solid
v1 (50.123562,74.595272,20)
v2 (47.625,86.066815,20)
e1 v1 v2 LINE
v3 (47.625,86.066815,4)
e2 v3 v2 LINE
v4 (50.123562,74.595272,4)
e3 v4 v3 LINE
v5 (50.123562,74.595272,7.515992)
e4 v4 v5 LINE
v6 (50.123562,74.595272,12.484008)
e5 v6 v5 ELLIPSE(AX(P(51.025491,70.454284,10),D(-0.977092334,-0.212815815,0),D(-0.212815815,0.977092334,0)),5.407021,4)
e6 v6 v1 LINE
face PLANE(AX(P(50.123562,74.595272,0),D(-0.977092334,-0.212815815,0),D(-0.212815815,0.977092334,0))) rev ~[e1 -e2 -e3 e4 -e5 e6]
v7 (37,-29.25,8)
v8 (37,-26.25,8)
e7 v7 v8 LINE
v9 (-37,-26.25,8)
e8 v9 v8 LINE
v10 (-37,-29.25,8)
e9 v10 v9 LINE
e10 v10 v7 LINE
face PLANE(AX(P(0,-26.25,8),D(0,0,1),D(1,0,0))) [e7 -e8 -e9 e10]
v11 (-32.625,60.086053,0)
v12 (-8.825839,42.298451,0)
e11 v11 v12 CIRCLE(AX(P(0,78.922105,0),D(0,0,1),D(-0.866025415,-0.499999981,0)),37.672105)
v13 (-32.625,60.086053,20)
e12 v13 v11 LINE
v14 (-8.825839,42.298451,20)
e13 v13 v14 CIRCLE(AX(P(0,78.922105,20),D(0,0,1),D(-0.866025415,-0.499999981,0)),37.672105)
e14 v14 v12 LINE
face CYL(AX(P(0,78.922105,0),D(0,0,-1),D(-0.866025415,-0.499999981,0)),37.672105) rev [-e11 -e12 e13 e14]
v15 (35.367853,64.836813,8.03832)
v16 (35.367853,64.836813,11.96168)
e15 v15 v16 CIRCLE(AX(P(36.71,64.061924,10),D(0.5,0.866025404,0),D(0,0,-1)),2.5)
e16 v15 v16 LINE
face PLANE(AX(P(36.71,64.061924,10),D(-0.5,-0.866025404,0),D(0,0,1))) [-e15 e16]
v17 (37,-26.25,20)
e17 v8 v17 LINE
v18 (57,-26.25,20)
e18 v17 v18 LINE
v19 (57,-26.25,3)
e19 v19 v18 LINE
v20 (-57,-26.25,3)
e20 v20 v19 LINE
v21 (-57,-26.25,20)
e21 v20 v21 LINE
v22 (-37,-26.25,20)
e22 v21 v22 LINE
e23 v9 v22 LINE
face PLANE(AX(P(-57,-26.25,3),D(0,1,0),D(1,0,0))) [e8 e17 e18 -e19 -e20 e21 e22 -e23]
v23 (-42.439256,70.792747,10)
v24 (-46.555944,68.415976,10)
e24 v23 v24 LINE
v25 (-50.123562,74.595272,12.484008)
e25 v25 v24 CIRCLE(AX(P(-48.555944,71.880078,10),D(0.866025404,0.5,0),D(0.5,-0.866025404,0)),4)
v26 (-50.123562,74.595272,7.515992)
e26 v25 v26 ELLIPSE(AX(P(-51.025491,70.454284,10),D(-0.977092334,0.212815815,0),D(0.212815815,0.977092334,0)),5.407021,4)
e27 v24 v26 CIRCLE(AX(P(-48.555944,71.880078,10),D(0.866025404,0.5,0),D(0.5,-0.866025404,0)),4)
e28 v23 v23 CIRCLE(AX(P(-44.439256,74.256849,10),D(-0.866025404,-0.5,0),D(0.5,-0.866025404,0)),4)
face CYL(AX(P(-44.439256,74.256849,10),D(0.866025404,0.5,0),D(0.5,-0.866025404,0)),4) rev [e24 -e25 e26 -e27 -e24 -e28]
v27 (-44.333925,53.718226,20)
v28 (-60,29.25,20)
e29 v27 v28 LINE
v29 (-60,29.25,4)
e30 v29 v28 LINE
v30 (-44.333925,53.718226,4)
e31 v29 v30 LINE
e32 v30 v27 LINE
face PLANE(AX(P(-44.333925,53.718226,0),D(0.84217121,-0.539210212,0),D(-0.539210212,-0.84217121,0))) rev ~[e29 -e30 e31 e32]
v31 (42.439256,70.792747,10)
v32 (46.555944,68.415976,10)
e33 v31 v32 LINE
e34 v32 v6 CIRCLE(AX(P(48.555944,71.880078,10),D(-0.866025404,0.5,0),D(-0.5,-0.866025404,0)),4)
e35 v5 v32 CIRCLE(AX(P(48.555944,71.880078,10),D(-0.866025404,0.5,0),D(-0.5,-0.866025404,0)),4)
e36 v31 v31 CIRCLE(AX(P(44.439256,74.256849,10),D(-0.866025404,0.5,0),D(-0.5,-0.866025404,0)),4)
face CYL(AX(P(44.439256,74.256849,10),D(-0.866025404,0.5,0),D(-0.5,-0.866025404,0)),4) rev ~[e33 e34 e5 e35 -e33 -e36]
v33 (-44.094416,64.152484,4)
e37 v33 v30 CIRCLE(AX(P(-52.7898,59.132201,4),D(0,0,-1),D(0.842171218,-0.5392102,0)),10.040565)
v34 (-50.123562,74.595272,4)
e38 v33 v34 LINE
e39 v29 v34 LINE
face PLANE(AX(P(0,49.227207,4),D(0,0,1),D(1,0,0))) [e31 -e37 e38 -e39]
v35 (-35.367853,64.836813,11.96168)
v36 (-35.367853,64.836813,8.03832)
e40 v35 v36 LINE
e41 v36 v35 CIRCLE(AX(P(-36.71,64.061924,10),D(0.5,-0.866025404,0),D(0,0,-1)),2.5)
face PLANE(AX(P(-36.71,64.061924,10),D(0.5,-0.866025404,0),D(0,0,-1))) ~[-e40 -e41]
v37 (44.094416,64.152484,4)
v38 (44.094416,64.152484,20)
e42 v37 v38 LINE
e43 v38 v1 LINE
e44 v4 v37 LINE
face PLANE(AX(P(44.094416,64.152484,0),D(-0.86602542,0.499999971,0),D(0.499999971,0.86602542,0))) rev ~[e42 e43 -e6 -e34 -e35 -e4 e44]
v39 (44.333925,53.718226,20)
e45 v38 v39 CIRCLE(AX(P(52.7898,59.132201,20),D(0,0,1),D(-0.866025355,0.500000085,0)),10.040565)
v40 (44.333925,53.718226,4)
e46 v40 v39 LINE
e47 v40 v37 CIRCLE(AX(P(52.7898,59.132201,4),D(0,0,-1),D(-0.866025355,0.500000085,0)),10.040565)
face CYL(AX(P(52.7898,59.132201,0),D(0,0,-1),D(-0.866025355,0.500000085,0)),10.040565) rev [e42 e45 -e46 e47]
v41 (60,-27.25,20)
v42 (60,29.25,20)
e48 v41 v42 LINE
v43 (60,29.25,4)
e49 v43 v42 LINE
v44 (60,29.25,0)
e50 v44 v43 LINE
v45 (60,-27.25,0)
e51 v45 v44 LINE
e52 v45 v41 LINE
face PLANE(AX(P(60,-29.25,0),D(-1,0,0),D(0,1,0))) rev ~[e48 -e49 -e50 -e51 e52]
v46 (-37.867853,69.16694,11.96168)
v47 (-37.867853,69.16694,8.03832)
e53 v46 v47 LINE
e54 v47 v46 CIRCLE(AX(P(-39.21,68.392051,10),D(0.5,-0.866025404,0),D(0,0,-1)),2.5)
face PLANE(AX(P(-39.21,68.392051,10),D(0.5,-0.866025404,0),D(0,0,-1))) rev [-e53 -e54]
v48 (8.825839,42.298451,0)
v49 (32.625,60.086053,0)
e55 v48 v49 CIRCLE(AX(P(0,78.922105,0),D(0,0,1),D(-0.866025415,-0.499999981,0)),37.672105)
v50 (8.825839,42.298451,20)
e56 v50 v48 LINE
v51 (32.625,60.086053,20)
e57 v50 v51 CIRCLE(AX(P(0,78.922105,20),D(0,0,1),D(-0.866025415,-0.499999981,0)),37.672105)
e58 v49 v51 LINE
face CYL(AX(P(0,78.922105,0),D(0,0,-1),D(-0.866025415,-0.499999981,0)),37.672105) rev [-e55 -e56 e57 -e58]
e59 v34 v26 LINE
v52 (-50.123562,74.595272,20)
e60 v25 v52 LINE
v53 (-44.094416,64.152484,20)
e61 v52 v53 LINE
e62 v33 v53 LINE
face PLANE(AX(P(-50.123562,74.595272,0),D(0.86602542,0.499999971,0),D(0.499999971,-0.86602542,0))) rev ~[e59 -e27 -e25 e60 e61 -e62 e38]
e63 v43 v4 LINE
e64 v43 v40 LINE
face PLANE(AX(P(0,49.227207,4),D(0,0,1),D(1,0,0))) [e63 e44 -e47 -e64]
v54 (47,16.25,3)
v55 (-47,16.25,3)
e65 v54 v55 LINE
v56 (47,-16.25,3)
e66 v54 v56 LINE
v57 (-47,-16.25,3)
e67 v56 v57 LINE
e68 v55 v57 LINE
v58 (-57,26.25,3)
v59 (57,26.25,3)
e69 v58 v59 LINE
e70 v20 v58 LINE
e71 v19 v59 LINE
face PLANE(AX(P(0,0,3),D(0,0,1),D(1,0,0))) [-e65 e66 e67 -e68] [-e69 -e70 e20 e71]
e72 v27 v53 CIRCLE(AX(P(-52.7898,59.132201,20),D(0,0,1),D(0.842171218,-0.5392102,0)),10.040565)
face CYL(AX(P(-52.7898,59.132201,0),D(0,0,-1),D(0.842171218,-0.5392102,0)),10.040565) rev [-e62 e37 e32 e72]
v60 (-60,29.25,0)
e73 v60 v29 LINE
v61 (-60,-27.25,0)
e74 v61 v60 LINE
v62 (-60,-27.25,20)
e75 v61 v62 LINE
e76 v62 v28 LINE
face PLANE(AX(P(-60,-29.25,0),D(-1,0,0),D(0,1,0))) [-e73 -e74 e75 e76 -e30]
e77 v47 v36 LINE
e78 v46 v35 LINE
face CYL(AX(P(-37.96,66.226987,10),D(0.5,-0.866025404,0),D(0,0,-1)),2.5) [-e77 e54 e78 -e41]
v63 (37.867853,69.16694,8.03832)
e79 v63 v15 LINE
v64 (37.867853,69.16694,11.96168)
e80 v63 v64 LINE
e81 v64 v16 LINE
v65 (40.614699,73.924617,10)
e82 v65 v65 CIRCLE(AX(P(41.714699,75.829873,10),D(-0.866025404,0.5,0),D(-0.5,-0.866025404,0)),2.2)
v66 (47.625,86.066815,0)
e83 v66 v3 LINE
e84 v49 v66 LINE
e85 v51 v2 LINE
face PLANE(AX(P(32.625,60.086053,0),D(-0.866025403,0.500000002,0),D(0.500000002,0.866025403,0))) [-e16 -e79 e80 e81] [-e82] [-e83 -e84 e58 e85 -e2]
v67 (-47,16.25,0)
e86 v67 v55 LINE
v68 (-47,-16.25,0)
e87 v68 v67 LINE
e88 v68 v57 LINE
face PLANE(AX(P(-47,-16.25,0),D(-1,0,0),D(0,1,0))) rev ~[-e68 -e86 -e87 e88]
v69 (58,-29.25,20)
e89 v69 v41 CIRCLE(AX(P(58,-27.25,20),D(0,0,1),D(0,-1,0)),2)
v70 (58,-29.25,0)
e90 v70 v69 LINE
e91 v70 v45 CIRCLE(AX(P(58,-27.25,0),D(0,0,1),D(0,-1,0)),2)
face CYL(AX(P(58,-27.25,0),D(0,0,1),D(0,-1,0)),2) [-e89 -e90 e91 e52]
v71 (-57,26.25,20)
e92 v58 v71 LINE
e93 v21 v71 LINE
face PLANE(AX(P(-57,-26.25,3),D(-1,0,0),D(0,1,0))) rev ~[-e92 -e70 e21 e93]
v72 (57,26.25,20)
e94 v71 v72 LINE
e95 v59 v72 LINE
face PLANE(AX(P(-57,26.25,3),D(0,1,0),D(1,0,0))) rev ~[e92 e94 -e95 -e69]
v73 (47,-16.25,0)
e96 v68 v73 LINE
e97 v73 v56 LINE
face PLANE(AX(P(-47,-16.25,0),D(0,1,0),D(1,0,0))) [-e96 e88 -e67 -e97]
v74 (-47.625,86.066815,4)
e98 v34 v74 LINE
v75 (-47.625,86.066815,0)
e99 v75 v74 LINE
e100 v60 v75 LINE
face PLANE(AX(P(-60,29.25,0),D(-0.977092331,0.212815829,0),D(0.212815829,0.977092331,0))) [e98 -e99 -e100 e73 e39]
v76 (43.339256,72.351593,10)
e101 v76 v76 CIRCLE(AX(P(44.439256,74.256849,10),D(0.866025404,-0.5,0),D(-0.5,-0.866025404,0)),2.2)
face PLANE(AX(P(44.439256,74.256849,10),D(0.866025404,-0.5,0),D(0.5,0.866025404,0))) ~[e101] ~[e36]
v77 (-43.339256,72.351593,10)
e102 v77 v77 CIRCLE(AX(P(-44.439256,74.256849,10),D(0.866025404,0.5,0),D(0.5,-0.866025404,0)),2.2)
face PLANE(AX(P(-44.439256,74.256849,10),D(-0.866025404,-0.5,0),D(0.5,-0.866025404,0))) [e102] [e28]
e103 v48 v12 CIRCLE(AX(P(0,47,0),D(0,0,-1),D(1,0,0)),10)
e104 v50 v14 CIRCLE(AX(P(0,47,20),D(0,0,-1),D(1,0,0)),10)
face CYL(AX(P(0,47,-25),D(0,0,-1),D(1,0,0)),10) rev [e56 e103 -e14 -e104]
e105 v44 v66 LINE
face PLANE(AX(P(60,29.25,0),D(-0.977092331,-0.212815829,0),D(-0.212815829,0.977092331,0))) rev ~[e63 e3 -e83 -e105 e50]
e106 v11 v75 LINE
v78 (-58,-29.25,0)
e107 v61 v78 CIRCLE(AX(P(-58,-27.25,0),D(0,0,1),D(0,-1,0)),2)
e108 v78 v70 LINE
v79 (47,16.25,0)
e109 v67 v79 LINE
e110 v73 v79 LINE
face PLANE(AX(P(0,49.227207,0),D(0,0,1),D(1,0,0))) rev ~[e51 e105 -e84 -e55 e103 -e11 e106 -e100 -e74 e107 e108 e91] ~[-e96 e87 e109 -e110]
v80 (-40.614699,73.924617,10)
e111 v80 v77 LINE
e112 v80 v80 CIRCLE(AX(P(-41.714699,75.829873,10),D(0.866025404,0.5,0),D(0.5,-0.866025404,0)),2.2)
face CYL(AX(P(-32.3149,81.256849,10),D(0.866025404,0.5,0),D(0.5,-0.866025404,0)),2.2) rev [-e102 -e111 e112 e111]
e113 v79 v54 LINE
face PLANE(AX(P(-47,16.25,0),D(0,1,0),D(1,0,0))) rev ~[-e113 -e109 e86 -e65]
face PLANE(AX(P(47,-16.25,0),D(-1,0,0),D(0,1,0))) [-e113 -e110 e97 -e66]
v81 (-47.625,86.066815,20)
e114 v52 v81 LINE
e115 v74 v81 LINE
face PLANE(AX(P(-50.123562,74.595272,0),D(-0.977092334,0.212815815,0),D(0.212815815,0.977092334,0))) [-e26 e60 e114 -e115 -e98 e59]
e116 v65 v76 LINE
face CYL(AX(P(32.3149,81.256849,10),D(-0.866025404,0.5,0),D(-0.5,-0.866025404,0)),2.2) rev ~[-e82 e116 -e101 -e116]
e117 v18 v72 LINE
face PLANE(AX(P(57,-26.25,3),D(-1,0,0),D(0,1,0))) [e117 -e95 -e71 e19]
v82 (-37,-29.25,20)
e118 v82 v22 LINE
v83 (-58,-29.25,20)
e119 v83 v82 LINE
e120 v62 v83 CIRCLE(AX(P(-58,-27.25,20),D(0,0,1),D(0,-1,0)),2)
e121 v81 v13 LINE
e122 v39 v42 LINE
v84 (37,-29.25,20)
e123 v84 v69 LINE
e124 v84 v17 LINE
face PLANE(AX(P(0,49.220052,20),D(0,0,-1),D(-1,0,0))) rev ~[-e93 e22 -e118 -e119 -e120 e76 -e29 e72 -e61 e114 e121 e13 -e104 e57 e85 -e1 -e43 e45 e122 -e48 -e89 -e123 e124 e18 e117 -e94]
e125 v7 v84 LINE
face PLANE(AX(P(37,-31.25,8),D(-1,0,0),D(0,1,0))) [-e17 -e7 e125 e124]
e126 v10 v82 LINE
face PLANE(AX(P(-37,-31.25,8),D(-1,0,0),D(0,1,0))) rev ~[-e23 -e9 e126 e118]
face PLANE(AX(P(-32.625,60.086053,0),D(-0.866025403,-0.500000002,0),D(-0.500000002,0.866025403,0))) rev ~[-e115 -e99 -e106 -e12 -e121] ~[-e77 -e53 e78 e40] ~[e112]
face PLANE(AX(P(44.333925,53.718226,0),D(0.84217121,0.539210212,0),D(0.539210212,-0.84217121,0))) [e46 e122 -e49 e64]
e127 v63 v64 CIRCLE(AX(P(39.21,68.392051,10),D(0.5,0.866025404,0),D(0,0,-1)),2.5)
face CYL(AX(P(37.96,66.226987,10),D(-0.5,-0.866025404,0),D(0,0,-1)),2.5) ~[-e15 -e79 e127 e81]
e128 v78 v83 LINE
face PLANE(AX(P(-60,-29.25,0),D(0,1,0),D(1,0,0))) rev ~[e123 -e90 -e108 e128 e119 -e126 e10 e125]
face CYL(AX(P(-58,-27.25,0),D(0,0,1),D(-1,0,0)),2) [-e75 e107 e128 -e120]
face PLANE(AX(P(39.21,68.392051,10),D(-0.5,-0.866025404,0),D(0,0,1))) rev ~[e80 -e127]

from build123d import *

# Parameters (mm, degrees)
CYLINDER001_R               = 4
CYLINDER001_DEPTH           = 30
CYLINDER_R                  = 2.2
CYLINDER_DEPTH              = 30
COMPOUND001_PLACEMENT_ANGLE = 60
BOX001_W                    = 114
BOX001_H                    = 52.5
BOX001_DEPTH                = 20
BOX002_W                    = 94
BOX002_H                    = 32.5
BOX002_DEPTH                = 20
BOX003_W                    = 74
BOX003_H                    = 10
BOX003_DEPTH                = 15
CYLINDER002_R               = 10
CYLINDER002_DEPTH           = 50
PAD_DEPTH                   = 4
PAD001_DEPTH                = 20
CYLINDER003_W               = 2.5
CYLINDER003_H               = 5
CYLINDER003_ANGLE           = 180
COMPOUND002_PLACEMENT_ANGLE = 60
BOX_W                       = 120
BOX_H                       = 58.5
BOX_DEPTH                   = 20
FILLET_R                    = 2


with BuildPart() as bolt_head_hole:
    # Cylinder001 → Cylinder001 (new body)
    with BuildSketch(Plane.XZ.offset(14)):
        Circle(CYLINDER001_R)
    extrude(amount=CYLINDER001_DEPTH)


with BuildPart() as bolt_hole_array_compound:
    # Cylinder → Cylinder (new body)
    with BuildSketch(Plane.XZ):
        Circle(CYLINDER_R)
    extrude(amount=CYLINDER_DEPTH)

    # Fusion002: union bolt head hole
    add(bolt_head_hole.part)


with BuildPart() as bolt_hole_array_compound_1:
    # Compound001 placement: moved
    add(bolt_hole_array_compound.part.moved(Location((-32.3149, 81.256849, 10))).rotate(Axis((-32.3149, 81.256849, 10), (0, 0, -1)), COMPOUND001_PLACEMENT_ANGLE))


with BuildPart() as part_mirroring:
    # Part__Mirroring: instance of bolt hole array compound
    add(bolt_hole_array_compound_1.part.mirror(Plane(origin=(0, 0, 0), x_dir=(0, -1, 0), z_dir=(1, 0, 0))))


with BuildPart() as pocketl_cube:
    # Box001 → Box001 (new body)
    with BuildSketch(Plane(origin=(-57, -26.25, 3), x_dir=(1, 0, 0), z_dir=(0, 0, 1))):
        with Locations((57, 26.25)):
            Rectangle(BOX001_W, BOX001_H)
    extrude(amount=BOX001_DEPTH)


with BuildPart() as hole_through_pocketl_cube:
    # Box002 → Box002 (new body)
    with BuildSketch(Plane(origin=(-47, -16.25, 0), x_dir=(1, 0, 0), z_dir=(0, 0, 1))):
        with Locations((47, 16.25)):
            Rectangle(BOX002_W, BOX002_H)
    extrude(amount=BOX002_DEPTH)


with BuildPart() as switch_pocket:
    # Box003 → Box003 (new body)
    with BuildSketch(Plane(origin=(-37, -31.25, 8), x_dir=(1, 0, 0), z_dir=(0, 0, 1))):
        with Locations((37, 5)):
            Rectangle(BOX003_W, BOX003_H)
    extrude(amount=BOX003_DEPTH)


with BuildPart() as center_remove_cylinder:
    # Cylinder002 → Cylinder002 (new body)
    with BuildSketch(Plane(origin=(0, 47, -25), x_dir=(1, 0, 0), z_dir=(0, 0, 1))):
        Circle(CYLINDER002_R)
    extrude(amount=CYLINDER002_DEPTH)


with BuildPart() as extract_fusion:
    # Fusion003 base: copy of bolt hole array compound
    add(bolt_hole_array_compound_1.part)

    # Fusion003: union Part__Mirroring, pocketl cube, hole through pocketl cube, switch pocket, center remove cylinder
    add(part_mirroring.part)
    add(pocketl_cube.part)
    add(hole_through_pocketl_cube.part)
    add(switch_pocket.part)
    add(center_remove_cylinder.part)


with BuildPart() as bottom_body:
    # Sketch → Pad (new body)
    with BuildSketch(Plane.XY):
        with BuildLine():
            Line((-60, 29.25), (60, 29.25))
            Line((60, 29.25), (47.625, 86.066815))
            Line((32.625, 60.086053), (47.625, 86.066815))
            ThreePointArc((-32.625, 60.086053), (0, 41.25), (32.625, 60.086053))
            Line((-32.625, 60.086053), (-47.625, 86.066815))
            Line((-60, 29.25), (-47.625, 86.066815))
        make_face()
    extrude(amount=PAD_DEPTH)


with BuildPart() as bolt_wall_body:
    # Sketch001 → Pad001 (new body)
    with BuildSketch(Plane.XY):
        with BuildLine():
            Line((-47.625, 86.066815), (-32.625, 60.086053))
            ThreePointArc((-32.625, 60.086053), (0, 41.25), (32.625, 60.086053))
            Line((32.625, 60.086053), (47.625, 86.066815))
            Line((50.123562, 74.595272), (47.625, 86.066815))
            Line((44.094416, 64.152484), (50.123562, 74.595272))
            ThreePointArc((44.094416, 64.152484), (42.751879, 58.90179), (44.333925, 53.718226))
            Line((44.333925, 53.718226), (60, 29.25))
            Line((60, 29.25), (-60, 29.25))
            Line((-44.333925, 53.718226), (-60, 29.25))
            ThreePointArc((-44.333925, 53.718226), (-42.751879, 58.90179), (-44.094416, 64.152484))
            Line((-50.123562, 74.595272), (-44.094416, 64.152484))
            Line((-50.123562, 74.595272), (-47.625, 86.066815))
        make_face()
    extrude(amount=PAD001_DEPTH)


with BuildPart() as bolt_hole_array_compound001:
    # Cylinder003 → Cylinder003 (revolve)
    with BuildSketch(Plane(origin=(0, 0, 0), x_dir=(0, 0, -1), z_dir=(0, -1, 0))):
        with Locations((1.25, 2.5)):
            Rectangle(CYLINDER003_W, CYLINDER003_H)
    revolve(axis=Axis((0, 0, 0), (1, 0, 0)), revolution_arc=CYLINDER003_ANGLE)


with BuildPart() as bolt_hole_array_compound001_1:
    # Compound002 placement: moved
    add(bolt_hole_array_compound001.part.moved(Location((-39.21, 68.392051, 10))).rotate(Axis((-39.21, 68.392051, 10), (0, 0, -1)), COMPOUND002_PLACEMENT_ANGLE))


with BuildPart() as part_mirroring003:
    # Part__Mirroring003: instance of bolt hole array compound001
    add(bolt_hole_array_compound001_1.part.mirror(Plane(origin=(0, 0, 0), x_dir=(0, -1, 0), z_dir=(1, 0, 0))))


with BuildPart() as bolt_wall_body_cut:
    # Box → Box (new body)
    with BuildSketch(Plane(origin=(-60, -29.25, 0), x_dir=(1, 0, 0), z_dir=(0, 0, 1))):
        with Locations((60, 29.25)):
            Rectangle(BOX_W, BOX_H)
    extrude(amount=BOX_DEPTH)

    # Fillet
    fillet_edges = [bolt_wall_body_cut.edges().sort_by_distance(p)[0] for p in [
        (-60, -29.25, 10),
        (60, -29.25, 10),
    ]]
    fillet(fillet_edges, radius=FILLET_R)

    # Fusion: union bottom_body, bolt wall body, bolt hole array compound001, Part__Mirroring003
    add(bottom_body.part)
    add(bolt_wall_body.part)
    add(bolt_hole_array_compound001_1.part)
    add(part_mirroring003.part)

    # Cut001: cut extract fusion
    add(extract_fusion.part, mode=Mode.SUBTRACT)


solid = bolt_wall_body_cut.part
